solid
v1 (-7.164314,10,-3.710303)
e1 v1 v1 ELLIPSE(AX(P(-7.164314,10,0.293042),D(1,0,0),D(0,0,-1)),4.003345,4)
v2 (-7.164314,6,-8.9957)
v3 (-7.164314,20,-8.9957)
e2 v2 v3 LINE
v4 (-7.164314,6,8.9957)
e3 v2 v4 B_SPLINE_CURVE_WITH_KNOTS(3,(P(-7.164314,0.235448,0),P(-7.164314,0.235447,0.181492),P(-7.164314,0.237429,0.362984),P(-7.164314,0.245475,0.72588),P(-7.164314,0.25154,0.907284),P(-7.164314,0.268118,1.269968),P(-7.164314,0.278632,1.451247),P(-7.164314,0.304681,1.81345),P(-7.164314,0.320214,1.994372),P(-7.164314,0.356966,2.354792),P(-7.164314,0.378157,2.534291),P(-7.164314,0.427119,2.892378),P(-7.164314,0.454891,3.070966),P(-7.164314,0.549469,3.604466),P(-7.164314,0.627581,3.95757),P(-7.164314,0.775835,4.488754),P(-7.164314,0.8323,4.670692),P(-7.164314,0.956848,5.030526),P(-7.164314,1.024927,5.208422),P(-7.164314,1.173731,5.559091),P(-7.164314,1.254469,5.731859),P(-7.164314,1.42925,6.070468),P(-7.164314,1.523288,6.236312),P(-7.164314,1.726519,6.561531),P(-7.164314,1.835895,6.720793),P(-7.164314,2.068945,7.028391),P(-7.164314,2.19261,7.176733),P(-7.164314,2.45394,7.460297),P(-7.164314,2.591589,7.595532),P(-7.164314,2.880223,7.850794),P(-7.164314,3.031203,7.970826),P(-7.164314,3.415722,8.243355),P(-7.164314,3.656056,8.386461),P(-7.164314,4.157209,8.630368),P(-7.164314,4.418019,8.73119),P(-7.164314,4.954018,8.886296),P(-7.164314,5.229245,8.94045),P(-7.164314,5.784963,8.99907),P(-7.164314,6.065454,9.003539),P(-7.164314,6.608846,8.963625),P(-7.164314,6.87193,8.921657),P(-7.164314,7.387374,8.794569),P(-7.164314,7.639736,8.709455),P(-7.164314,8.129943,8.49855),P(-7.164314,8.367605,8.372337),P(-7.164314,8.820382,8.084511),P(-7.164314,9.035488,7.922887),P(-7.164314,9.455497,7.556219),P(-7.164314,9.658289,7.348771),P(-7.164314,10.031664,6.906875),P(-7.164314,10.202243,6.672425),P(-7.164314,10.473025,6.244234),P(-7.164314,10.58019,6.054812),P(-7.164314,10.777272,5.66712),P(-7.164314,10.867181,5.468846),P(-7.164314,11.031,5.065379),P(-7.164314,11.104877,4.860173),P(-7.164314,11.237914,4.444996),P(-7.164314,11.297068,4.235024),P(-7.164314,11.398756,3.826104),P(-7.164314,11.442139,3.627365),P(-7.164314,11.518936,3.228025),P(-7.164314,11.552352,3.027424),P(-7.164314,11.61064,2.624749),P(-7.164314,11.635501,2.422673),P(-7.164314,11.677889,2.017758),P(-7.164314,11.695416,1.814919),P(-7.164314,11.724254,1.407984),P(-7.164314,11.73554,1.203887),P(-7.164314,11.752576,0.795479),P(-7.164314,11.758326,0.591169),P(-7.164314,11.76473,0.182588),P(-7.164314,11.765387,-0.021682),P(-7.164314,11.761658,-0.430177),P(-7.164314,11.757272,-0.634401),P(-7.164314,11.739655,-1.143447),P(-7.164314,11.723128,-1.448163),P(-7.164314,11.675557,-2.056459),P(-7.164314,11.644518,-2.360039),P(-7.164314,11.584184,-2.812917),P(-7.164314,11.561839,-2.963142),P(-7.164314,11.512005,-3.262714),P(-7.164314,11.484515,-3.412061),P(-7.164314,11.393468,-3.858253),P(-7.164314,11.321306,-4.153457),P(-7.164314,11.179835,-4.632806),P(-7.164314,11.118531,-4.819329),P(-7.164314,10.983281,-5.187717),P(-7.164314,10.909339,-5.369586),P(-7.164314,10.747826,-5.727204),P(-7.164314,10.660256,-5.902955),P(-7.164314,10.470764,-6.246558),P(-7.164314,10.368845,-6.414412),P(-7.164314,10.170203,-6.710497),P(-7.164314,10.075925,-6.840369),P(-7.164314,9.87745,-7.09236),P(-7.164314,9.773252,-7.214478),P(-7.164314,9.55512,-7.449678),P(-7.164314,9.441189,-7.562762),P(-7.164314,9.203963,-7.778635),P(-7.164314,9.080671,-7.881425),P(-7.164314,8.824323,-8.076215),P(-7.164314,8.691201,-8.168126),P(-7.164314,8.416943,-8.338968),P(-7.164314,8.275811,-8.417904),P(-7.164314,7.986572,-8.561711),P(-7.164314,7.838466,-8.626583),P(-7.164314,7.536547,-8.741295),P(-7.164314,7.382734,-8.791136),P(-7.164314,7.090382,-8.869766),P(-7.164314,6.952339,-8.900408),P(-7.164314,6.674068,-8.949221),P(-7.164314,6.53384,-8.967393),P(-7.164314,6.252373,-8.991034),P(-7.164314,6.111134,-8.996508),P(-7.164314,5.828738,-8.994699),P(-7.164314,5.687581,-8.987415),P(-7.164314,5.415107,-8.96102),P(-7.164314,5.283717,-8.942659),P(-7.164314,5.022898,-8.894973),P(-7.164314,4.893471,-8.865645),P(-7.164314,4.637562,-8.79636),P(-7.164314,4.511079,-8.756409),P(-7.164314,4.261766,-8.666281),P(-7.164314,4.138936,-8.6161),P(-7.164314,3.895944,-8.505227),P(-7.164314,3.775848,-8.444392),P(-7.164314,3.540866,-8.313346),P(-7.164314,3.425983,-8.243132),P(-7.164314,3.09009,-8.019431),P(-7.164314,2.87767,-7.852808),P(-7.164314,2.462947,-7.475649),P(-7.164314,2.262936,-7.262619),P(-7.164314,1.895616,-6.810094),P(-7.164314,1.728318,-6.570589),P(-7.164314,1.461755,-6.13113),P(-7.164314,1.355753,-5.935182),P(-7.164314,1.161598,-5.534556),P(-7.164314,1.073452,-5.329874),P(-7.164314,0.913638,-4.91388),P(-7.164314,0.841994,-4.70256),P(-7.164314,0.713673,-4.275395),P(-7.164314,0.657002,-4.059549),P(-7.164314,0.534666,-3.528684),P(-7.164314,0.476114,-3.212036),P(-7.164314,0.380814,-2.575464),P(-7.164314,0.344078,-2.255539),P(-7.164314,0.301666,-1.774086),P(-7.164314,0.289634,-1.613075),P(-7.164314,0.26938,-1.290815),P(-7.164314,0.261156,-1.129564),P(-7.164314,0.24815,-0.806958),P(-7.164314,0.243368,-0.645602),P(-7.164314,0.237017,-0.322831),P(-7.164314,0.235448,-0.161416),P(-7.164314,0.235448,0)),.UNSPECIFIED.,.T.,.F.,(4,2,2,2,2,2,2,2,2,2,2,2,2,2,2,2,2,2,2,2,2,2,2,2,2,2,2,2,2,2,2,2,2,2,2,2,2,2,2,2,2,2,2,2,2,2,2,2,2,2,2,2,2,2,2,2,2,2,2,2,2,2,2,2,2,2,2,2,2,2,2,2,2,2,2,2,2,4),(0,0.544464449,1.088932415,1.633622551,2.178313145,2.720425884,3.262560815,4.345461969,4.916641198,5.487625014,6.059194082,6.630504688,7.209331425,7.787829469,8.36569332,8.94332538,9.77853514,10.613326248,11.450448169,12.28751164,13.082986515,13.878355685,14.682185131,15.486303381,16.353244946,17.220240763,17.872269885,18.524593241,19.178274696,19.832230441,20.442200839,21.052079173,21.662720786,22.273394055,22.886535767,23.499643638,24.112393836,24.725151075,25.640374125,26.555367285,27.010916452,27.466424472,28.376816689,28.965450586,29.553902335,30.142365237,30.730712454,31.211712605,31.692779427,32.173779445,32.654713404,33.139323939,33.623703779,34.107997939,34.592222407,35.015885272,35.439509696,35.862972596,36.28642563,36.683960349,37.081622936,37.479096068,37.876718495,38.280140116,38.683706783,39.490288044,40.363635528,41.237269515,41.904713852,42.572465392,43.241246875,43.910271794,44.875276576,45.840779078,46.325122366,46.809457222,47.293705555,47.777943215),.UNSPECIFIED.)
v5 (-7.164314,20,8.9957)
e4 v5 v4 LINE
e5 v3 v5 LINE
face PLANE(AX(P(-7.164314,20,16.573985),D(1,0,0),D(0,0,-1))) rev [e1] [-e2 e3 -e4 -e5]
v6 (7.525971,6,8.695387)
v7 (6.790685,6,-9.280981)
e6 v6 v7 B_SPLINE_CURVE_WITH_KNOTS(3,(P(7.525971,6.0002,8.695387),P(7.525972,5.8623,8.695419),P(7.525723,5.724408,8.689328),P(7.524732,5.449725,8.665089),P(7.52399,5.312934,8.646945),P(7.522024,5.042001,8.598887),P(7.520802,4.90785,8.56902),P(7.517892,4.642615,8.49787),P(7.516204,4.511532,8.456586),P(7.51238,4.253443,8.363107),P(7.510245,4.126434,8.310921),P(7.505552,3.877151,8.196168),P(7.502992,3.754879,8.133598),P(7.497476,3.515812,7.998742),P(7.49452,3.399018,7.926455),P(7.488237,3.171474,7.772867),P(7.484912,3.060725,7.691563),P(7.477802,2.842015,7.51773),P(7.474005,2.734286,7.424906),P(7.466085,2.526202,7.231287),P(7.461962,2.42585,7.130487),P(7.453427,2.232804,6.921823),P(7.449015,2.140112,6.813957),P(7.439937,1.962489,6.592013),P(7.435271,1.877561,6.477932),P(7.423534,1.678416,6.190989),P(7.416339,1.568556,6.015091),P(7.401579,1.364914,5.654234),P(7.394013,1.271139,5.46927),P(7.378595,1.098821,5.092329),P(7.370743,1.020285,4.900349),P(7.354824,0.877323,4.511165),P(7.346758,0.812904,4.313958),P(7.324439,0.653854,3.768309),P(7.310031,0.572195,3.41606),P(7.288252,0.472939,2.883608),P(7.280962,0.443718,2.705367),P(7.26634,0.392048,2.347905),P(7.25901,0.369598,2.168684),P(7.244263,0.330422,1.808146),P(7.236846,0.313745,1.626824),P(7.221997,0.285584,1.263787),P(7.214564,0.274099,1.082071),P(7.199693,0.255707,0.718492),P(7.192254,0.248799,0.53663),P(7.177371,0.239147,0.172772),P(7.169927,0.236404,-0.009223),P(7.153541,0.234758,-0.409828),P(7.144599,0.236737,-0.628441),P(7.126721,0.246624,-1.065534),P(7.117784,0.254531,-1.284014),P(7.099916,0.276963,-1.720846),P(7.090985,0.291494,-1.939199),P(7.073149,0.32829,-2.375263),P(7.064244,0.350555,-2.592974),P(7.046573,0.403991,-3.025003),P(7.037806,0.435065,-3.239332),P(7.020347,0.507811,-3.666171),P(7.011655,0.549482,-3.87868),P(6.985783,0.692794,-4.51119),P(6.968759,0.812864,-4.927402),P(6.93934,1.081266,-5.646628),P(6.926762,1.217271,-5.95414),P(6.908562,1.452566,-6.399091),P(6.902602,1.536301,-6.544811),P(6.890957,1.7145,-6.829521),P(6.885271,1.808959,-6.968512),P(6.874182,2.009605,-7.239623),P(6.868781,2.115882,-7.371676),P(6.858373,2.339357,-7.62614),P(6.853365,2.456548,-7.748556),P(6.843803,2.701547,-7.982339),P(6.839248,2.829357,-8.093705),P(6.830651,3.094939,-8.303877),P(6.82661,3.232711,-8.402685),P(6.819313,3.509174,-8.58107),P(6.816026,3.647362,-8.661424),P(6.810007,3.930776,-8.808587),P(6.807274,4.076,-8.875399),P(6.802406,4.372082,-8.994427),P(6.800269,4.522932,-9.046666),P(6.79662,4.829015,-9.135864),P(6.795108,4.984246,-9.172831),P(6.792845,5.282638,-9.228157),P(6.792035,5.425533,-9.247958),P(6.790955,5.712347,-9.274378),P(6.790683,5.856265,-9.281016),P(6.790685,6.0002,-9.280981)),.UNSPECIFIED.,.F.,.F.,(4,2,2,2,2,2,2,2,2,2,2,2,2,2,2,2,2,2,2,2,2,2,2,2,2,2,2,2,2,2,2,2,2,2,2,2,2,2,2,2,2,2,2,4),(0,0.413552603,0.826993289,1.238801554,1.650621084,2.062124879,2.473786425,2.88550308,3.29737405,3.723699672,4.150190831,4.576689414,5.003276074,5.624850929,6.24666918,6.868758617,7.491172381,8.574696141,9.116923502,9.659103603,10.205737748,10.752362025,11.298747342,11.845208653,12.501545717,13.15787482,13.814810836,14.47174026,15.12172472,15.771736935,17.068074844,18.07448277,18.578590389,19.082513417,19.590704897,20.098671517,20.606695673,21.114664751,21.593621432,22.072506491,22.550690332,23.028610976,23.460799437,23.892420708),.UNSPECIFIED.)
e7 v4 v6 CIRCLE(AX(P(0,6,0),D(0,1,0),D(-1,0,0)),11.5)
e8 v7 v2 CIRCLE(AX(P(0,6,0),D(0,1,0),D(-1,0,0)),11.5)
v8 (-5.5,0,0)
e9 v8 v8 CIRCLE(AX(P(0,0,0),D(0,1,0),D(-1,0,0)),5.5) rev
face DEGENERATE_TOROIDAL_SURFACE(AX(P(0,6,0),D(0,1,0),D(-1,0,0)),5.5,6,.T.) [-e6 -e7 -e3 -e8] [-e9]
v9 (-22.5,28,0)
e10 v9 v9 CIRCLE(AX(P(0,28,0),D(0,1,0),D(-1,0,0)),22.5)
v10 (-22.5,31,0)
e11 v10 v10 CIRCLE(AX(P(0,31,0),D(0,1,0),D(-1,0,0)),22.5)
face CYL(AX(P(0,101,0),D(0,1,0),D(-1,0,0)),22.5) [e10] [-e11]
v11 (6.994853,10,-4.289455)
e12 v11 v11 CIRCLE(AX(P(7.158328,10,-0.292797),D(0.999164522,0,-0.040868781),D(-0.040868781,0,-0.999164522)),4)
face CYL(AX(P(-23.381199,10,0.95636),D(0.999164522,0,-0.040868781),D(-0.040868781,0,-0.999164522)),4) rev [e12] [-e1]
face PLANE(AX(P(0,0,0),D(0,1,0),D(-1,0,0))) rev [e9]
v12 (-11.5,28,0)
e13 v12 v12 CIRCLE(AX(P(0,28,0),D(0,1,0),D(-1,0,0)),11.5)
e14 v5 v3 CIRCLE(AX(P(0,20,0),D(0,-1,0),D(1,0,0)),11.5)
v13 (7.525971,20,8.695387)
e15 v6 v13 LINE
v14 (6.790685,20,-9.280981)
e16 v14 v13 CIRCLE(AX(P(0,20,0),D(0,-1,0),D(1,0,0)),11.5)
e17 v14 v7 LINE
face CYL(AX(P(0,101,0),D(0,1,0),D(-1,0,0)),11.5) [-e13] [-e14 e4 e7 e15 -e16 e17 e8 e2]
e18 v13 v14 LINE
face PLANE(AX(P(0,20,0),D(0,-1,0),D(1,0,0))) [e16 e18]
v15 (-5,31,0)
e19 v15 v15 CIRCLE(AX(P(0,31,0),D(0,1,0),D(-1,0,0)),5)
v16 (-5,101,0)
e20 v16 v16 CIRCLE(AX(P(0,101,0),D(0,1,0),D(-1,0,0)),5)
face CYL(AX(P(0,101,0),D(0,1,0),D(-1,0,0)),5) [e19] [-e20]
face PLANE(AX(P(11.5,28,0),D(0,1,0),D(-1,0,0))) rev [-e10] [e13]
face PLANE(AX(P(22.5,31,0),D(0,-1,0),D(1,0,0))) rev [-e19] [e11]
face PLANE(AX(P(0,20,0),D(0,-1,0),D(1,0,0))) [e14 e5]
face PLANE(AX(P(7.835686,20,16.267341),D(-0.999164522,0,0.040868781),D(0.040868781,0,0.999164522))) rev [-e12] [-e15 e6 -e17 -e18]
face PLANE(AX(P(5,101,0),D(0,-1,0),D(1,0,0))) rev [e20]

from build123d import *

# Parameters (mm, degrees)
FILLET1_R          = 6
SKETCH2_W          = 7.935978024
SKETCH2_H          = 33.147969744
CUT_EXTRUDE1_DEPTH = 20
SKETCH3_R          = 4
CUT_EXTRUDE2_DEPTH = 108.70389036


with BuildPart() as part:
    # Sketch1 → Revolve1 (revolve)
    with BuildSketch(Plane.XY, mode=Mode.PRIVATE) as revolve1_sk:
        Polygon((0, 0), (11.5, 0), (11.5, 28), (22.5, 28), (22.5, 31), (5, 31), (5, 101), (0, 101), align=None)
    revolve(revolve1_sk.sketch.rotate(Axis((0, 101, 0), (0, -1, 0)), 180), axis=Axis((0, 101, 0), (0, -1, 0)))

    # Fillet1
    fillet1_edges = [part.edges().sort_by_distance(p)[0] for p in [
        (11.5, 0, 0),
    ]]
    fillet(fillet1_edges, radius=FILLET1_R)

    # Sketch2 → Cut-Extrude1 (cut)
    with BuildSketch(Plane.XZ):
        Polygon((15.765034156, 15.943007174), (14.41031705, -17.177268183), (6.480969359, -16.852934437), (7.835686465, 16.26734092), align=None)
        with Locations((-11.132302547, 0)):
            Rectangle(SKETCH2_W, SKETCH2_H)
    extrude(amount=-CUT_EXTRUDE1_DEPTH, mode=Mode.SUBTRACT)

    # Sketch3 → Cut-Extrude2 (cut, through all)
    with BuildSketch(Plane(origin=(7.158327912, 0, -0.292796759), x_dir=(-0.040868780695827604, 0, -0.9991645223707837), z_dir=(0.9991645223707837, 0, -0.040868780695827604))):
        with Locations((0, 10)):
            Circle(SKETCH3_R)
    extrude(amount=-CUT_EXTRUDE2_DEPTH, mode=Mode.SUBTRACT)


solid = part.part
